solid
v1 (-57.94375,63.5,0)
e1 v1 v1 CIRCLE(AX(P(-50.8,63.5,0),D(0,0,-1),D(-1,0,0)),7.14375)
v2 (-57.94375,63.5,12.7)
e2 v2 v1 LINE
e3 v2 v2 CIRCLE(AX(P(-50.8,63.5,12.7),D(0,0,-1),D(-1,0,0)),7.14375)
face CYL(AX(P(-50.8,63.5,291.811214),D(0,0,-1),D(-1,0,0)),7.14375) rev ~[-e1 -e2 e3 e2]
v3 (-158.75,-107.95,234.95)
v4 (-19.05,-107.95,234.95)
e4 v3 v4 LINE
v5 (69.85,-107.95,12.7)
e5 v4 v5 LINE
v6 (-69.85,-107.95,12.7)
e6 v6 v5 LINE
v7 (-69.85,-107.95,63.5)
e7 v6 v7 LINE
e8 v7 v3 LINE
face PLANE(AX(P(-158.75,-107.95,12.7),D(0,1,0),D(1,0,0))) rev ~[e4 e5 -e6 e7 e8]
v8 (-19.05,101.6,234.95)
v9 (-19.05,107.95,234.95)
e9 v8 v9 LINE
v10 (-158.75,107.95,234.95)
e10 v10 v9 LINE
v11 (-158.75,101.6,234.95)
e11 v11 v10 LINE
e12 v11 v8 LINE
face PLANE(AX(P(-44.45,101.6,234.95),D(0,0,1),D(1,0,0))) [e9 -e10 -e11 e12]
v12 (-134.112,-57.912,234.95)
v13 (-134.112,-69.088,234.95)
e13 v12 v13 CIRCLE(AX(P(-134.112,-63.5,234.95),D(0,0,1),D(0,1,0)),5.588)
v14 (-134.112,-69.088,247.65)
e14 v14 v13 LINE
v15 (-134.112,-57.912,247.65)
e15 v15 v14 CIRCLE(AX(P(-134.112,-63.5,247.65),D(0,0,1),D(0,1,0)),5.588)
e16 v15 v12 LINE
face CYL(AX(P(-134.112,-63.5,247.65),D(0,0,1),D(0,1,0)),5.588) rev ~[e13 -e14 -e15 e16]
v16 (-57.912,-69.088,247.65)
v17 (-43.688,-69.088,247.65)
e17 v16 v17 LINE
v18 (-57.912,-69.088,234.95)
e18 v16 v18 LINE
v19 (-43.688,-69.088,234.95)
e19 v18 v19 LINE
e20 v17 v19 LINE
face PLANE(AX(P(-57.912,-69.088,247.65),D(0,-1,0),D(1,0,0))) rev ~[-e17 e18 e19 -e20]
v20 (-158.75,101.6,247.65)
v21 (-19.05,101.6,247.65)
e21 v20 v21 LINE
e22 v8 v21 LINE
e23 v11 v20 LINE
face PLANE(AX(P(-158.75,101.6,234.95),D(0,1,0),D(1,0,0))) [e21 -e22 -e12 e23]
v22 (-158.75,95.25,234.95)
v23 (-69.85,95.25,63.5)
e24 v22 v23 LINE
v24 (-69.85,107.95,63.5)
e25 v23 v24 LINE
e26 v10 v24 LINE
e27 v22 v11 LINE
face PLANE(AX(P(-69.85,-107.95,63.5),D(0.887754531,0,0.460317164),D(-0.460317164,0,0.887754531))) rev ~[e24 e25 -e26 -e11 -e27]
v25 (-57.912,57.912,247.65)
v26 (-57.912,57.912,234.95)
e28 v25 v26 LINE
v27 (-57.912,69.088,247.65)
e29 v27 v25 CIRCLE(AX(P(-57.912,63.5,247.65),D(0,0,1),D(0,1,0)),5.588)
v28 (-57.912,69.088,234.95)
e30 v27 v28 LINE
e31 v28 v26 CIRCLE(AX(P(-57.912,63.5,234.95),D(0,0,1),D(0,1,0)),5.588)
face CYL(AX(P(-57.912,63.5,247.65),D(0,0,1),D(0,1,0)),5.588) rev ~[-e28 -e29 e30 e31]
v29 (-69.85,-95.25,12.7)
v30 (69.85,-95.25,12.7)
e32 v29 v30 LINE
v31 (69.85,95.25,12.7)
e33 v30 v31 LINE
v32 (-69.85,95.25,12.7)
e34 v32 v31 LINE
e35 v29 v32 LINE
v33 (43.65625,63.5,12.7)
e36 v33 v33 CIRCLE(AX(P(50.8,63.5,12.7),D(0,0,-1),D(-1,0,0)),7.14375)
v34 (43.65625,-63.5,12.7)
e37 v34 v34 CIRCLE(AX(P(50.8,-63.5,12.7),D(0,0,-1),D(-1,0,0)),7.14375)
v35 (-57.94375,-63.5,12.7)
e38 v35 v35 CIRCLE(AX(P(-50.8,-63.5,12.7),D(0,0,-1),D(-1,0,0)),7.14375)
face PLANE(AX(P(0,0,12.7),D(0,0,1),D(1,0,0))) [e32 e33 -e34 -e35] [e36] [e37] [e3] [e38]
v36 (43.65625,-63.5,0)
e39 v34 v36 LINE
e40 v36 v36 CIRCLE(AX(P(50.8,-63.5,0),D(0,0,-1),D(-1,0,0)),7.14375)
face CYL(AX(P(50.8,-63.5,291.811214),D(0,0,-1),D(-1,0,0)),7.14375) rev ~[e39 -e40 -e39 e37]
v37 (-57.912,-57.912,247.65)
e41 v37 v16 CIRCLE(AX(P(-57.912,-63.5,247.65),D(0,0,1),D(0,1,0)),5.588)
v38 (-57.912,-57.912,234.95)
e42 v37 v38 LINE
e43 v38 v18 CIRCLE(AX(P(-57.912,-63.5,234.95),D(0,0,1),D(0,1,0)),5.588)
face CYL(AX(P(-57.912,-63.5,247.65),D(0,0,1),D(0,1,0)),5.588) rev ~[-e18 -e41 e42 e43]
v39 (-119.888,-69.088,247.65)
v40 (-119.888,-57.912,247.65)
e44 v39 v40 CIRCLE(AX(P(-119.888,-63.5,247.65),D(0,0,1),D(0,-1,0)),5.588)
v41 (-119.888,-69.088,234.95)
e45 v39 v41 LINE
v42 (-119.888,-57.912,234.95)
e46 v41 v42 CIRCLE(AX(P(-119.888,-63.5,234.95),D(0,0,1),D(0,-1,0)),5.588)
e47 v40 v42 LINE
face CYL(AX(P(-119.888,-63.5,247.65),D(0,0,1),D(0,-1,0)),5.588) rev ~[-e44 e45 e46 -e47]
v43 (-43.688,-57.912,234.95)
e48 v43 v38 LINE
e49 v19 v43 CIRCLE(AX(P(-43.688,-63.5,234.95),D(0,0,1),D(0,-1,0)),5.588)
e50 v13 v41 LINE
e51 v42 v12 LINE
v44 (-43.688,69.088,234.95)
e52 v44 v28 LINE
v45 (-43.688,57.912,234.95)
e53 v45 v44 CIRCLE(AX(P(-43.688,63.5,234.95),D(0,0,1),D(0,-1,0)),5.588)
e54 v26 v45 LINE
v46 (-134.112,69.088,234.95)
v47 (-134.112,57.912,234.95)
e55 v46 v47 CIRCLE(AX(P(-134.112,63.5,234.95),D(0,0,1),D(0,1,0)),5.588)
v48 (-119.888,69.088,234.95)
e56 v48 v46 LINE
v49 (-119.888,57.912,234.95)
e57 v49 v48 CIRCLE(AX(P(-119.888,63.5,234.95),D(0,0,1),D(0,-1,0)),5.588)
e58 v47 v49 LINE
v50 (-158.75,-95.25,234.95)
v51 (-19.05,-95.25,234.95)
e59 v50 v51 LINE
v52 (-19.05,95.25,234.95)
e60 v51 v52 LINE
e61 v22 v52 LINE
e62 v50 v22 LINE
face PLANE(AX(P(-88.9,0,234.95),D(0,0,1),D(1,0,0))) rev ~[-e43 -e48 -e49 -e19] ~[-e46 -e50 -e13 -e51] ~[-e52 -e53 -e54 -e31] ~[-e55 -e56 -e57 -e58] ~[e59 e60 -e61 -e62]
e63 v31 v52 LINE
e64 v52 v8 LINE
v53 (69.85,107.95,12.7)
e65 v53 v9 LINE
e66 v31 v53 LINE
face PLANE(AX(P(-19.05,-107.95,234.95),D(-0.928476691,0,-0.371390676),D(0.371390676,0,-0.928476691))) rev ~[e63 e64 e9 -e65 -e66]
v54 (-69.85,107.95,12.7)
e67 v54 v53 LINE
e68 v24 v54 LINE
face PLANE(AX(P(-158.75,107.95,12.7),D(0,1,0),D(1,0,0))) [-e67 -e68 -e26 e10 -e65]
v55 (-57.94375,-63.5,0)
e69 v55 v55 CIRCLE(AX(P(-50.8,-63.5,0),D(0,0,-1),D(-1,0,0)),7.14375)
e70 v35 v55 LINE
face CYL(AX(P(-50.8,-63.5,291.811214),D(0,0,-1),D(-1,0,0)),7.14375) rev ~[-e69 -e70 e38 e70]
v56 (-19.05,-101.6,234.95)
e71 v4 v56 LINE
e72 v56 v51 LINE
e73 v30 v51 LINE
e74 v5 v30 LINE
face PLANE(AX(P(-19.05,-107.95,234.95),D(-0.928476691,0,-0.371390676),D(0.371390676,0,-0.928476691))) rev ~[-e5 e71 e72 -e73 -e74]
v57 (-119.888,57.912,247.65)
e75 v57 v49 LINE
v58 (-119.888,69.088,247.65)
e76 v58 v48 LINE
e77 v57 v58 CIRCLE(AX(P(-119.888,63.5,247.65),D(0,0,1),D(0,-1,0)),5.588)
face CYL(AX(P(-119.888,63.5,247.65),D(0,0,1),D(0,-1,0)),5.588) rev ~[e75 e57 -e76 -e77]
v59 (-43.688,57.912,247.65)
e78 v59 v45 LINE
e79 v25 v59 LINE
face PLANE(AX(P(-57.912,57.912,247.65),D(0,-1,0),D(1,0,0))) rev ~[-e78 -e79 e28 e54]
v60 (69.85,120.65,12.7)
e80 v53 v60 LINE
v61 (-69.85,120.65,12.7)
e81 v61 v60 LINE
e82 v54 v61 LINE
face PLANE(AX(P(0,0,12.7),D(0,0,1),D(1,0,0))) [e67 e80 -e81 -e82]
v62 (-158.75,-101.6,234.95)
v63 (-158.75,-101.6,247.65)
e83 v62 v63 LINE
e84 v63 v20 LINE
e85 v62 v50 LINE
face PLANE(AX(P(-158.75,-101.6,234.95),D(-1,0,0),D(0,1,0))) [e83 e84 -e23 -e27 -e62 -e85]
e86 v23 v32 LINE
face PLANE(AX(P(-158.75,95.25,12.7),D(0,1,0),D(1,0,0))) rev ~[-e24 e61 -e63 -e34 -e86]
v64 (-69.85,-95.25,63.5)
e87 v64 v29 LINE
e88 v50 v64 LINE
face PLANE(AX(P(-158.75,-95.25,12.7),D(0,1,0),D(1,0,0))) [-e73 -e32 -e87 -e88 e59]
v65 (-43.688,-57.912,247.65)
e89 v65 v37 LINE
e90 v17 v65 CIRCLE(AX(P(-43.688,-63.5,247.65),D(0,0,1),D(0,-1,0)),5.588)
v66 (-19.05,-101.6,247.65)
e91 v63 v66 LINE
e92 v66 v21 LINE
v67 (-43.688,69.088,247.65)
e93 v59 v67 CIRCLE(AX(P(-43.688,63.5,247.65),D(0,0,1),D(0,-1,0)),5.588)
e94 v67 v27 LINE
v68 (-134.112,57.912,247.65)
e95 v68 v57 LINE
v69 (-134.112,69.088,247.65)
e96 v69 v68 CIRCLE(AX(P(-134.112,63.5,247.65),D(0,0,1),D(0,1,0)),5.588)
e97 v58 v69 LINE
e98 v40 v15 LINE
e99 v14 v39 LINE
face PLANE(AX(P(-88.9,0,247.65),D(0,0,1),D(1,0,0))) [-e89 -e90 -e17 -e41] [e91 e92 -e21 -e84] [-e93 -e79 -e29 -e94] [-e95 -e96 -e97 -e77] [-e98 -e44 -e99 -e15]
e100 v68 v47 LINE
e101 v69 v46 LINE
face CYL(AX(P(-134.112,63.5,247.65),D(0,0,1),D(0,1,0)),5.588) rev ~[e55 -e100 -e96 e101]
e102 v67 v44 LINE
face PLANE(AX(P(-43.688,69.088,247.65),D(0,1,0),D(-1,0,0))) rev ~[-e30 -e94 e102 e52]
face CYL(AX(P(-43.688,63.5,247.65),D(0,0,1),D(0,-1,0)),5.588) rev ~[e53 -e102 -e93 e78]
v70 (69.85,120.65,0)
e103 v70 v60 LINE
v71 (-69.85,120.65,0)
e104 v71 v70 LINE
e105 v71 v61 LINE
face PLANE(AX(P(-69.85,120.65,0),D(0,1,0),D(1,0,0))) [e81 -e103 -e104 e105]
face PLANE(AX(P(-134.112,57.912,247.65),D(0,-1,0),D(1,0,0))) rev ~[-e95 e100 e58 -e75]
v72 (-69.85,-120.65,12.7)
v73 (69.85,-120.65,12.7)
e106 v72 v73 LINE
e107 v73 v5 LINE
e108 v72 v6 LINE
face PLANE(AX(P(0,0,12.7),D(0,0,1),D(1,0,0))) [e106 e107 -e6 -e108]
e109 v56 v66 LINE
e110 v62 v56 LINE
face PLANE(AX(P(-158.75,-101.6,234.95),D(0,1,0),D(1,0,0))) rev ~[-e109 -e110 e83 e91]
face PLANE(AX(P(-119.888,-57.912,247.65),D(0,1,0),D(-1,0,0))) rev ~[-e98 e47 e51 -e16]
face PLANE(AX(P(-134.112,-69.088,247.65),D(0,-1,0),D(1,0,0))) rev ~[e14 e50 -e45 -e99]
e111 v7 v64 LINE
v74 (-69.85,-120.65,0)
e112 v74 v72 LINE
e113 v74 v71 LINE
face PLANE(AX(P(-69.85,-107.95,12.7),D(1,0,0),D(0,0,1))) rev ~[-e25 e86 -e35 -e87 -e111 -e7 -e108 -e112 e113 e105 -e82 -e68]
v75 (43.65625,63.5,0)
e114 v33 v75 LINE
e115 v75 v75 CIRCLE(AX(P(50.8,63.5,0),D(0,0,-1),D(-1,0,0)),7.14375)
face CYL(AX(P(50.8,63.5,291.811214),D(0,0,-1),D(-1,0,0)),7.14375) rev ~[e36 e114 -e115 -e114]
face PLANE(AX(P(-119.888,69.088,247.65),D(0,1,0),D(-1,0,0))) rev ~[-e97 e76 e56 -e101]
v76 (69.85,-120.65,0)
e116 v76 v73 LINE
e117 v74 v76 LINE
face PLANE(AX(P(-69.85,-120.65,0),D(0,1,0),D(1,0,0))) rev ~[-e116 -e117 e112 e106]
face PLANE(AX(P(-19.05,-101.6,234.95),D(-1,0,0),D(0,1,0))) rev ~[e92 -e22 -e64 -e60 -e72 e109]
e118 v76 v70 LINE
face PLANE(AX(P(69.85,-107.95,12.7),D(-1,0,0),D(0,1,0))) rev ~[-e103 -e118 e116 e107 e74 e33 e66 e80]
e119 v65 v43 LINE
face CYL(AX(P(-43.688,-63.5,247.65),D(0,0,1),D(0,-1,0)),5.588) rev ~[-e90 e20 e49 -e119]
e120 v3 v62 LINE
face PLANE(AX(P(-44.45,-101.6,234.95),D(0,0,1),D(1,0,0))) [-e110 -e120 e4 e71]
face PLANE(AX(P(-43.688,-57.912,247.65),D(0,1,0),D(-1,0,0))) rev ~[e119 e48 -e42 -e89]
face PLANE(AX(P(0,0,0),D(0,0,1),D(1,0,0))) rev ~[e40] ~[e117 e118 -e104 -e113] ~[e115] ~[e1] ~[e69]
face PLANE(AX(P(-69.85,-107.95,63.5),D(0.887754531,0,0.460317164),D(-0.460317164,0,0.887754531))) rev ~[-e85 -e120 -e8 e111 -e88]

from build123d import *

# Parameters (mm, degrees)
F0_W      = 139.7
F0_H      = 241.3
F1_DEPTH  = 12.7
F3_D      = 14.2875
F4_W      = 228.6
F4_H      = 12.7
F5_DEPTH  = 222.25
F7_DEPTH  = 228.601
F9_DEPTH  = 228.601
F10_W     = 139.7
F10_H     = 203.2
F11_DEPTH = 12.7
F13_DEPTH = 25.4


with BuildPart() as f1:
    # F0 (on Top) → F1 (new body)
    with BuildSketch(Plane.XY):
        Rectangle(F0_W, F0_H)
    extrude(amount=F1_DEPTH)

    # F3 (through all)
    with Locations(Plane.XY.offset(12.7)):
        with Locations((-50.8, 63.5), (50.8, 63.5), (50.8, -63.5), (-50.8, -63.5)):
            Hole(F3_D / 2)

    # F4 (on face) → F5 (join)
    with BuildSketch(Plane.XY.offset(12.7)):
        with Locations((-44.45, -101.6)):
            Rectangle(F4_W, F4_H)
        with Locations((-44.45, 101.6)):
            Rectangle(F4_W, F4_H)
    extrude(amount=F5_DEPTH)

    # F6 (on face) → F7 (cut, through all)
    with BuildSketch(Plane.XZ.offset(107.95)):
        Polygon((-158.75, 12.7), (-69.85, 12.7), (-69.85, 63.5), (-158.75, 234.95), align=None)
    extrude(amount=-F7_DEPTH, mode=Mode.SUBTRACT)

    # F8 (on face) → F9 (cut, through all)
    with BuildSketch(Plane.XZ.offset(107.95)):
        Polygon((69.85, 234.95), (-19.05, 234.95), (69.85, 12.7), align=None)
    extrude(amount=-F9_DEPTH, mode=Mode.SUBTRACT)

    # F10 (on face) → F11 (join)
    with BuildSketch(Plane.XY.offset(234.95)):
        with Locations((-88.9, 0)):
            Rectangle(F10_W, F10_H)
    extrude(amount=F11_DEPTH)

    # F12 (on face) → F13 (cut)
    with BuildSketch(Plane.XY.offset(247.65)):
        with BuildLine():
            ThreePointArc((-134.112, -57.912), (-139.7, -63.5), (-134.112, -69.088))
            Line((-134.112, -69.088), (-119.888, -69.088))
            ThreePointArc((-119.888, -69.088), (-114.3, -63.5), (-119.888, -57.912))
            Line((-119.888, -57.912), (-134.112, -57.912))
        make_face()
        with BuildLine():
            Line((-57.912, -69.088), (-43.688, -69.088))
            ThreePointArc((-43.688, -69.088), (-38.1, -63.5), (-43.688, -57.912))
            Line((-43.688, -57.912), (-57.912, -57.912))
            ThreePointArc((-57.912, -57.912), (-63.5, -63.5), (-57.912, -69.088))
        make_face()
        with BuildLine():
            Line((-57.912, 57.912), (-43.688, 57.912))
            ThreePointArc((-43.688, 57.912), (-38.1, 63.5), (-43.688, 69.088))
            Line((-43.688, 69.088), (-57.912, 69.088))
            ThreePointArc((-57.912, 69.088), (-63.5, 63.5), (-57.912, 57.912))
        make_face()
        with BuildLine():
            Line((-119.888, 69.088), (-134.112, 69.088))
            ThreePointArc((-134.112, 69.088), (-139.7, 63.5), (-134.112, 57.912))
            Line((-134.112, 57.912), (-119.888, 57.912))
            ThreePointArc((-119.888, 57.912), (-114.3, 63.5), (-119.888, 69.088))
        make_face()
    extrude(amount=-F13_DEPTH, mode=Mode.SUBTRACT)


solid = f1.part
